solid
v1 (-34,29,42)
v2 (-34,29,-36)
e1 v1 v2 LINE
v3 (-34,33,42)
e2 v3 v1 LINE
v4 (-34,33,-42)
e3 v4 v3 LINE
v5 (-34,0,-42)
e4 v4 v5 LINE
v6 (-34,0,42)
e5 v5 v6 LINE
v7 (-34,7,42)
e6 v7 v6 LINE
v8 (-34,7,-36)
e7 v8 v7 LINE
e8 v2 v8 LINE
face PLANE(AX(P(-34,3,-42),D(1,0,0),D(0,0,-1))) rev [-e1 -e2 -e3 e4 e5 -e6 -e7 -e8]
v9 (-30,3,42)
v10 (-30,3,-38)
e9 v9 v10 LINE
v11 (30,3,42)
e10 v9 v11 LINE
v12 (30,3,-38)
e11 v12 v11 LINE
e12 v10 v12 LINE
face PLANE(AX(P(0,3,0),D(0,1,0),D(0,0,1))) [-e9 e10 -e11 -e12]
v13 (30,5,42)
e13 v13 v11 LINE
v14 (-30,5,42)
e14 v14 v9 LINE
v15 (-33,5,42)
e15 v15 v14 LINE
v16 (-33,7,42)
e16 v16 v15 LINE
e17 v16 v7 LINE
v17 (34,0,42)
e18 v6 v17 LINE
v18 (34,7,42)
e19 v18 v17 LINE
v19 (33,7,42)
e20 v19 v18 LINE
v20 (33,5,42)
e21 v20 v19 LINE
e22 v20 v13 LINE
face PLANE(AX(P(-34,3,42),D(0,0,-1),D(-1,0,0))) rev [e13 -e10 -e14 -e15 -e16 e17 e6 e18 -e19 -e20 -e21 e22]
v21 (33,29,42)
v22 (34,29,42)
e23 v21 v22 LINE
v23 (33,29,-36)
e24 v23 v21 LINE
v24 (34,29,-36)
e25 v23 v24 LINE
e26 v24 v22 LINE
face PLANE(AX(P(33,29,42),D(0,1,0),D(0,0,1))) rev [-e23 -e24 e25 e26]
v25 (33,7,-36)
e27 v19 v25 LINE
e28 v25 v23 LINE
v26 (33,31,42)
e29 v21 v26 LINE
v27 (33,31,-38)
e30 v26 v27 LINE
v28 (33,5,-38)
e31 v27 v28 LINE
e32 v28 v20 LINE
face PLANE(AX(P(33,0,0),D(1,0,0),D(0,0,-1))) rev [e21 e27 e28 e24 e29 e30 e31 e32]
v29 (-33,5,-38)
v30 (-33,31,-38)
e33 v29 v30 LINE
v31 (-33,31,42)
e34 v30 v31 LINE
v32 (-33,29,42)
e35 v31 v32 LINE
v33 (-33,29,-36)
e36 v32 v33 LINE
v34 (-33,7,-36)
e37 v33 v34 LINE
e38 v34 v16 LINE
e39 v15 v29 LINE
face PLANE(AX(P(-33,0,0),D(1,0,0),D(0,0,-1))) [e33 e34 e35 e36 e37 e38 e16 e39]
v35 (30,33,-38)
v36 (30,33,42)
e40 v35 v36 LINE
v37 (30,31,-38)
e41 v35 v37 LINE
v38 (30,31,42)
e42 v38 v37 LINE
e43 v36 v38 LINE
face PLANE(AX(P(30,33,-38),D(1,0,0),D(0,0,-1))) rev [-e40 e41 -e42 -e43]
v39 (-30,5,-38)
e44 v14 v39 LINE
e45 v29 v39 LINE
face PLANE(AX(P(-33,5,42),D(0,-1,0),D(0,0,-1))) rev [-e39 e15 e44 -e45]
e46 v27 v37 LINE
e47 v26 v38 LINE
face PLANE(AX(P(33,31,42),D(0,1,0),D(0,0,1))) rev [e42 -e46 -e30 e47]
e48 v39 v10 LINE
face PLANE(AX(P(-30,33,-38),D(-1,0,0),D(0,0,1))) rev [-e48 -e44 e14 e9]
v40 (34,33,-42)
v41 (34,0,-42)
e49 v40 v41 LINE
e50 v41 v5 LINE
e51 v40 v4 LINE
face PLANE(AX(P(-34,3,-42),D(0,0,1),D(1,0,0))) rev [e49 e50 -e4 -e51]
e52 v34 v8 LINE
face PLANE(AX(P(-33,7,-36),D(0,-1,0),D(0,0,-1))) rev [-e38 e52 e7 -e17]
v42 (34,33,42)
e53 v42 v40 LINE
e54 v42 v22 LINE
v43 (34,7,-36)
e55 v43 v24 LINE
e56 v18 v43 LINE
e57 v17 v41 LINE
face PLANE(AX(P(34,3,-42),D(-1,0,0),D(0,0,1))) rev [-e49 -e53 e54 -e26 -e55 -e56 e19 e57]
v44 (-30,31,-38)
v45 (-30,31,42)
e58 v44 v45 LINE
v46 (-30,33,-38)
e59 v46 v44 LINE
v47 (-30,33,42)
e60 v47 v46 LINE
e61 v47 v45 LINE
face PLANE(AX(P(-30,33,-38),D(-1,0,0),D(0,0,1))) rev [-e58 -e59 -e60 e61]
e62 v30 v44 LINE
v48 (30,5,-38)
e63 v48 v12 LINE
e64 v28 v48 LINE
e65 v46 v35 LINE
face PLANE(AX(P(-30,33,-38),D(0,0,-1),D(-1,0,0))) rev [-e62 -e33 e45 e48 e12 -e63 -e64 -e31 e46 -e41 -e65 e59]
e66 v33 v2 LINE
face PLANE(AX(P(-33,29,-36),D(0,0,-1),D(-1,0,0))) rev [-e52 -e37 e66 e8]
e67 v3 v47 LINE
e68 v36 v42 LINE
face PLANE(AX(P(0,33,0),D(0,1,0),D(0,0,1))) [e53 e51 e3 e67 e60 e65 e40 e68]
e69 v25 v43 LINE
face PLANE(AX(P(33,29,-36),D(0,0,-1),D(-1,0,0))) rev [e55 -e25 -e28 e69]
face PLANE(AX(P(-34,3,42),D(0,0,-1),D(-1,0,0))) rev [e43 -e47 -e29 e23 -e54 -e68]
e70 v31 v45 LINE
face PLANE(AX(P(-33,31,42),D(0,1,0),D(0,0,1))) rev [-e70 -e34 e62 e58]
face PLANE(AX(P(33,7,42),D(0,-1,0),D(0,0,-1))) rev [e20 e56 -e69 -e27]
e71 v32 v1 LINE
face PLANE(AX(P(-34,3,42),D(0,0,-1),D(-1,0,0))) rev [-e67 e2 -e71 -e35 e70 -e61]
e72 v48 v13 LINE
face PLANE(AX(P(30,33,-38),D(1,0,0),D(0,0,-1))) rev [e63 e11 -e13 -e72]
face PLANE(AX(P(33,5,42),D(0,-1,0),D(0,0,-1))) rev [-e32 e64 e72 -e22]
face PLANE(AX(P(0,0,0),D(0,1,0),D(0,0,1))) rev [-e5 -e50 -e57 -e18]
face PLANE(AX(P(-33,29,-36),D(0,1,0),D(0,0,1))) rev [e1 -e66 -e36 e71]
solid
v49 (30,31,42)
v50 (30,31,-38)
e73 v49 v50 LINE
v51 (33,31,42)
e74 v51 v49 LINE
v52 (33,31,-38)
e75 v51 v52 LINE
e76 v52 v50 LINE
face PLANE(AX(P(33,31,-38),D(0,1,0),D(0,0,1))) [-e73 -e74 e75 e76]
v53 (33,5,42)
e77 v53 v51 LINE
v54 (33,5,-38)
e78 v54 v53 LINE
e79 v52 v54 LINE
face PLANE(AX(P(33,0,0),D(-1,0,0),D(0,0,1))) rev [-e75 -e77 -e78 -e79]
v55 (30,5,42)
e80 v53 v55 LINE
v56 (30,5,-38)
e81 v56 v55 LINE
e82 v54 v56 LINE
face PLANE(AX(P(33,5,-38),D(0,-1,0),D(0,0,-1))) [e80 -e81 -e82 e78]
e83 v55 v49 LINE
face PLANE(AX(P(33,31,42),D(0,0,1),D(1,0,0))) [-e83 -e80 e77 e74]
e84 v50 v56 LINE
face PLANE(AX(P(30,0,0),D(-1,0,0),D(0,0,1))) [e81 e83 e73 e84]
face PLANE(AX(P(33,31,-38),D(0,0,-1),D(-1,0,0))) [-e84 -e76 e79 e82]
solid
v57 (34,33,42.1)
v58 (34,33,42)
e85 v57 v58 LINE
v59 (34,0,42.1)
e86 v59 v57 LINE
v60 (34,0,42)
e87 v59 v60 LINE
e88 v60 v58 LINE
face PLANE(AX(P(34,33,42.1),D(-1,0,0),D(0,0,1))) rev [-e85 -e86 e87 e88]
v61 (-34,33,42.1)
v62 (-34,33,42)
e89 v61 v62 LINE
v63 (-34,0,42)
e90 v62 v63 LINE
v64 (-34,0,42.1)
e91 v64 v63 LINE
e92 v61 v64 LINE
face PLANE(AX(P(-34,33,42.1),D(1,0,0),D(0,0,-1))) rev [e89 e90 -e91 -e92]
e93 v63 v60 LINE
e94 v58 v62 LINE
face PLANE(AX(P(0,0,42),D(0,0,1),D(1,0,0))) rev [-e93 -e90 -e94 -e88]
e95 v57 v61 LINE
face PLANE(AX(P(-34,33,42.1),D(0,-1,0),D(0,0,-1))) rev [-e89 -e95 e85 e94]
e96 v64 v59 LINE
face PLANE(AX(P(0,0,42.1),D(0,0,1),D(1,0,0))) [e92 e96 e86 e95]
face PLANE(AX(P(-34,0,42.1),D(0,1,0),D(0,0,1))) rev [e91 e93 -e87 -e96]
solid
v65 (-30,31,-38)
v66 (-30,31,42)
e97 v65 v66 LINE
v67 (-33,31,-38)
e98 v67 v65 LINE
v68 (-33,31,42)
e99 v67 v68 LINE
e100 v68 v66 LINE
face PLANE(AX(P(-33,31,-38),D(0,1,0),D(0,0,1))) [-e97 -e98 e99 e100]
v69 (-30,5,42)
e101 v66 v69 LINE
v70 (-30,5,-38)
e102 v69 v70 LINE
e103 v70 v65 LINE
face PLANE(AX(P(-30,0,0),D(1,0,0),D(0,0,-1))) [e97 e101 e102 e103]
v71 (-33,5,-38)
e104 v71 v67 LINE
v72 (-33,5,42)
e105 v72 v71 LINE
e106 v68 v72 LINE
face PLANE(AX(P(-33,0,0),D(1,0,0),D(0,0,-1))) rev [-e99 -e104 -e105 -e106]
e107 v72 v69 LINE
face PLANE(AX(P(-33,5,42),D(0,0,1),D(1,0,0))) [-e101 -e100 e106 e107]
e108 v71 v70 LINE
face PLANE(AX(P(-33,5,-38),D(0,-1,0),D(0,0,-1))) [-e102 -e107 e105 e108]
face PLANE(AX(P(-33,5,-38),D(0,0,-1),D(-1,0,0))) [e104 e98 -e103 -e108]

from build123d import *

# Parameters (mm, degrees)
SKETCH1_W           = 68
SKETCH1_H           = 84
BOSS_EXTRUDE1_DEPTH = 3
BOSS_EXTRUDE2_DEPTH = 30
SKETCH3_W           = 78
SKETCH3_H           = 22
CUT_EXTRUDE1_DEPTH  = 1
SKETCH4_W           = 80
SKETCH4_H           = 26
CUT_EXTRUDE2_DEPTH  = 3
SKETCH5_W           = 80
SKETCH5_H           = 26
CUT_EXTRUDE3_DEPTH  = 3
SKETCH7_W           = 78
SKETCH7_H           = 22
CUT_EXTRUDE4_DEPTH  = 1
SKETCH8_W           = 80
SKETCH8_H           = 26
BOSS_EXTRUDE4_DEPTH = 3
SKETCH9_W           = 80
SKETCH9_H           = 26
BOSS_EXTRUDE5_DEPTH = 3
SKETCH10_W          = 68
SKETCH10_H          = 33
BOSS_EXTRUDE6_DEPTH = 0.1


with BuildPart() as part:
    # Sketch1 → Boss-Extrude1 (new body)
    with BuildSketch(Plane(origin=(0, 0, 0), x_dir=(1, 0, 0), z_dir=(0, 1, 0))):
        Rectangle(SKETCH1_W, SKETCH1_H)
    extrude(amount=BOSS_EXTRUDE1_DEPTH)

    # Sketch2 → Boss-Extrude2 (add)
    with BuildSketch(Plane(origin=(0, 3, 0), x_dir=(1, 0, 0), z_dir=(0, 1, 0))):
        Polygon((-30, -42), (-34, -42), (-34, 42), (34, 42), (34, -42), (30, -42), (30, 38), (-30, 38), align=None)
    extrude(amount=BOSS_EXTRUDE2_DEPTH)

    # Sketch3 → Cut-Extrude1 (cut)
    with BuildSketch(Plane.ZY.offset(34)):
        with Locations((3, 18)):
            Rectangle(SKETCH3_W, SKETCH3_H)
    extrude(amount=-CUT_EXTRUDE1_DEPTH, mode=Mode.SUBTRACT)

    # Sketch4 → Cut-Extrude2 (cut)
    with BuildSketch(Plane(origin=(-30, 0, 0), x_dir=(0, 0, -1), z_dir=(1, 0, 0))):
        with Locations((-2, 18)):
            Rectangle(SKETCH4_W, SKETCH4_H)
    extrude(amount=-CUT_EXTRUDE2_DEPTH, mode=Mode.SUBTRACT)

    # Sketch5 → Cut-Extrude3 (cut)
    with BuildSketch(Plane.ZY.offset(-30)):
        with Locations((2, 18)):
            Rectangle(SKETCH5_W, SKETCH5_H)
    extrude(amount=-CUT_EXTRUDE3_DEPTH, mode=Mode.SUBTRACT)

    # Sketch7 → Cut-Extrude4 (cut)
    with BuildSketch(Plane(origin=(34, 0, 0), x_dir=(0, 0, -1), z_dir=(1, 0, 0))):
        with Locations((-3, 18)):
            Rectangle(SKETCH7_W, SKETCH7_H)
    extrude(amount=-CUT_EXTRUDE4_DEPTH, mode=Mode.SUBTRACT)


with BuildPart() as body_2:
    # Sketch8 → Boss-Extrude4 (new body)
    with BuildSketch(Plane(origin=(-30, 0, 0), x_dir=(0, 0, -1), z_dir=(1, 0, 0))):
        with Locations((-2, 18)):
            Rectangle(SKETCH8_W, SKETCH8_H)
    extrude(amount=-BOSS_EXTRUDE4_DEPTH)


with BuildPart() as body_3:
    # Sketch9 → Boss-Extrude5 (new body)
    with BuildSketch(Plane.ZY.offset(-30)):
        with Locations((2, 18)):
            Rectangle(SKETCH9_W, SKETCH9_H)
    extrude(amount=-BOSS_EXTRUDE5_DEPTH)


with BuildPart() as body_4:
    # Sketch10 → Boss-Extrude6 (new body)
    with BuildSketch(Plane.XY.offset(42)):
        with Locations((0, 16.5)):
            Rectangle(SKETCH10_W, SKETCH10_H)
    extrude(amount=BOSS_EXTRUDE6_DEPTH)


solid = Compound([part.part, body_2.part, body_3.part, body_4.part])
